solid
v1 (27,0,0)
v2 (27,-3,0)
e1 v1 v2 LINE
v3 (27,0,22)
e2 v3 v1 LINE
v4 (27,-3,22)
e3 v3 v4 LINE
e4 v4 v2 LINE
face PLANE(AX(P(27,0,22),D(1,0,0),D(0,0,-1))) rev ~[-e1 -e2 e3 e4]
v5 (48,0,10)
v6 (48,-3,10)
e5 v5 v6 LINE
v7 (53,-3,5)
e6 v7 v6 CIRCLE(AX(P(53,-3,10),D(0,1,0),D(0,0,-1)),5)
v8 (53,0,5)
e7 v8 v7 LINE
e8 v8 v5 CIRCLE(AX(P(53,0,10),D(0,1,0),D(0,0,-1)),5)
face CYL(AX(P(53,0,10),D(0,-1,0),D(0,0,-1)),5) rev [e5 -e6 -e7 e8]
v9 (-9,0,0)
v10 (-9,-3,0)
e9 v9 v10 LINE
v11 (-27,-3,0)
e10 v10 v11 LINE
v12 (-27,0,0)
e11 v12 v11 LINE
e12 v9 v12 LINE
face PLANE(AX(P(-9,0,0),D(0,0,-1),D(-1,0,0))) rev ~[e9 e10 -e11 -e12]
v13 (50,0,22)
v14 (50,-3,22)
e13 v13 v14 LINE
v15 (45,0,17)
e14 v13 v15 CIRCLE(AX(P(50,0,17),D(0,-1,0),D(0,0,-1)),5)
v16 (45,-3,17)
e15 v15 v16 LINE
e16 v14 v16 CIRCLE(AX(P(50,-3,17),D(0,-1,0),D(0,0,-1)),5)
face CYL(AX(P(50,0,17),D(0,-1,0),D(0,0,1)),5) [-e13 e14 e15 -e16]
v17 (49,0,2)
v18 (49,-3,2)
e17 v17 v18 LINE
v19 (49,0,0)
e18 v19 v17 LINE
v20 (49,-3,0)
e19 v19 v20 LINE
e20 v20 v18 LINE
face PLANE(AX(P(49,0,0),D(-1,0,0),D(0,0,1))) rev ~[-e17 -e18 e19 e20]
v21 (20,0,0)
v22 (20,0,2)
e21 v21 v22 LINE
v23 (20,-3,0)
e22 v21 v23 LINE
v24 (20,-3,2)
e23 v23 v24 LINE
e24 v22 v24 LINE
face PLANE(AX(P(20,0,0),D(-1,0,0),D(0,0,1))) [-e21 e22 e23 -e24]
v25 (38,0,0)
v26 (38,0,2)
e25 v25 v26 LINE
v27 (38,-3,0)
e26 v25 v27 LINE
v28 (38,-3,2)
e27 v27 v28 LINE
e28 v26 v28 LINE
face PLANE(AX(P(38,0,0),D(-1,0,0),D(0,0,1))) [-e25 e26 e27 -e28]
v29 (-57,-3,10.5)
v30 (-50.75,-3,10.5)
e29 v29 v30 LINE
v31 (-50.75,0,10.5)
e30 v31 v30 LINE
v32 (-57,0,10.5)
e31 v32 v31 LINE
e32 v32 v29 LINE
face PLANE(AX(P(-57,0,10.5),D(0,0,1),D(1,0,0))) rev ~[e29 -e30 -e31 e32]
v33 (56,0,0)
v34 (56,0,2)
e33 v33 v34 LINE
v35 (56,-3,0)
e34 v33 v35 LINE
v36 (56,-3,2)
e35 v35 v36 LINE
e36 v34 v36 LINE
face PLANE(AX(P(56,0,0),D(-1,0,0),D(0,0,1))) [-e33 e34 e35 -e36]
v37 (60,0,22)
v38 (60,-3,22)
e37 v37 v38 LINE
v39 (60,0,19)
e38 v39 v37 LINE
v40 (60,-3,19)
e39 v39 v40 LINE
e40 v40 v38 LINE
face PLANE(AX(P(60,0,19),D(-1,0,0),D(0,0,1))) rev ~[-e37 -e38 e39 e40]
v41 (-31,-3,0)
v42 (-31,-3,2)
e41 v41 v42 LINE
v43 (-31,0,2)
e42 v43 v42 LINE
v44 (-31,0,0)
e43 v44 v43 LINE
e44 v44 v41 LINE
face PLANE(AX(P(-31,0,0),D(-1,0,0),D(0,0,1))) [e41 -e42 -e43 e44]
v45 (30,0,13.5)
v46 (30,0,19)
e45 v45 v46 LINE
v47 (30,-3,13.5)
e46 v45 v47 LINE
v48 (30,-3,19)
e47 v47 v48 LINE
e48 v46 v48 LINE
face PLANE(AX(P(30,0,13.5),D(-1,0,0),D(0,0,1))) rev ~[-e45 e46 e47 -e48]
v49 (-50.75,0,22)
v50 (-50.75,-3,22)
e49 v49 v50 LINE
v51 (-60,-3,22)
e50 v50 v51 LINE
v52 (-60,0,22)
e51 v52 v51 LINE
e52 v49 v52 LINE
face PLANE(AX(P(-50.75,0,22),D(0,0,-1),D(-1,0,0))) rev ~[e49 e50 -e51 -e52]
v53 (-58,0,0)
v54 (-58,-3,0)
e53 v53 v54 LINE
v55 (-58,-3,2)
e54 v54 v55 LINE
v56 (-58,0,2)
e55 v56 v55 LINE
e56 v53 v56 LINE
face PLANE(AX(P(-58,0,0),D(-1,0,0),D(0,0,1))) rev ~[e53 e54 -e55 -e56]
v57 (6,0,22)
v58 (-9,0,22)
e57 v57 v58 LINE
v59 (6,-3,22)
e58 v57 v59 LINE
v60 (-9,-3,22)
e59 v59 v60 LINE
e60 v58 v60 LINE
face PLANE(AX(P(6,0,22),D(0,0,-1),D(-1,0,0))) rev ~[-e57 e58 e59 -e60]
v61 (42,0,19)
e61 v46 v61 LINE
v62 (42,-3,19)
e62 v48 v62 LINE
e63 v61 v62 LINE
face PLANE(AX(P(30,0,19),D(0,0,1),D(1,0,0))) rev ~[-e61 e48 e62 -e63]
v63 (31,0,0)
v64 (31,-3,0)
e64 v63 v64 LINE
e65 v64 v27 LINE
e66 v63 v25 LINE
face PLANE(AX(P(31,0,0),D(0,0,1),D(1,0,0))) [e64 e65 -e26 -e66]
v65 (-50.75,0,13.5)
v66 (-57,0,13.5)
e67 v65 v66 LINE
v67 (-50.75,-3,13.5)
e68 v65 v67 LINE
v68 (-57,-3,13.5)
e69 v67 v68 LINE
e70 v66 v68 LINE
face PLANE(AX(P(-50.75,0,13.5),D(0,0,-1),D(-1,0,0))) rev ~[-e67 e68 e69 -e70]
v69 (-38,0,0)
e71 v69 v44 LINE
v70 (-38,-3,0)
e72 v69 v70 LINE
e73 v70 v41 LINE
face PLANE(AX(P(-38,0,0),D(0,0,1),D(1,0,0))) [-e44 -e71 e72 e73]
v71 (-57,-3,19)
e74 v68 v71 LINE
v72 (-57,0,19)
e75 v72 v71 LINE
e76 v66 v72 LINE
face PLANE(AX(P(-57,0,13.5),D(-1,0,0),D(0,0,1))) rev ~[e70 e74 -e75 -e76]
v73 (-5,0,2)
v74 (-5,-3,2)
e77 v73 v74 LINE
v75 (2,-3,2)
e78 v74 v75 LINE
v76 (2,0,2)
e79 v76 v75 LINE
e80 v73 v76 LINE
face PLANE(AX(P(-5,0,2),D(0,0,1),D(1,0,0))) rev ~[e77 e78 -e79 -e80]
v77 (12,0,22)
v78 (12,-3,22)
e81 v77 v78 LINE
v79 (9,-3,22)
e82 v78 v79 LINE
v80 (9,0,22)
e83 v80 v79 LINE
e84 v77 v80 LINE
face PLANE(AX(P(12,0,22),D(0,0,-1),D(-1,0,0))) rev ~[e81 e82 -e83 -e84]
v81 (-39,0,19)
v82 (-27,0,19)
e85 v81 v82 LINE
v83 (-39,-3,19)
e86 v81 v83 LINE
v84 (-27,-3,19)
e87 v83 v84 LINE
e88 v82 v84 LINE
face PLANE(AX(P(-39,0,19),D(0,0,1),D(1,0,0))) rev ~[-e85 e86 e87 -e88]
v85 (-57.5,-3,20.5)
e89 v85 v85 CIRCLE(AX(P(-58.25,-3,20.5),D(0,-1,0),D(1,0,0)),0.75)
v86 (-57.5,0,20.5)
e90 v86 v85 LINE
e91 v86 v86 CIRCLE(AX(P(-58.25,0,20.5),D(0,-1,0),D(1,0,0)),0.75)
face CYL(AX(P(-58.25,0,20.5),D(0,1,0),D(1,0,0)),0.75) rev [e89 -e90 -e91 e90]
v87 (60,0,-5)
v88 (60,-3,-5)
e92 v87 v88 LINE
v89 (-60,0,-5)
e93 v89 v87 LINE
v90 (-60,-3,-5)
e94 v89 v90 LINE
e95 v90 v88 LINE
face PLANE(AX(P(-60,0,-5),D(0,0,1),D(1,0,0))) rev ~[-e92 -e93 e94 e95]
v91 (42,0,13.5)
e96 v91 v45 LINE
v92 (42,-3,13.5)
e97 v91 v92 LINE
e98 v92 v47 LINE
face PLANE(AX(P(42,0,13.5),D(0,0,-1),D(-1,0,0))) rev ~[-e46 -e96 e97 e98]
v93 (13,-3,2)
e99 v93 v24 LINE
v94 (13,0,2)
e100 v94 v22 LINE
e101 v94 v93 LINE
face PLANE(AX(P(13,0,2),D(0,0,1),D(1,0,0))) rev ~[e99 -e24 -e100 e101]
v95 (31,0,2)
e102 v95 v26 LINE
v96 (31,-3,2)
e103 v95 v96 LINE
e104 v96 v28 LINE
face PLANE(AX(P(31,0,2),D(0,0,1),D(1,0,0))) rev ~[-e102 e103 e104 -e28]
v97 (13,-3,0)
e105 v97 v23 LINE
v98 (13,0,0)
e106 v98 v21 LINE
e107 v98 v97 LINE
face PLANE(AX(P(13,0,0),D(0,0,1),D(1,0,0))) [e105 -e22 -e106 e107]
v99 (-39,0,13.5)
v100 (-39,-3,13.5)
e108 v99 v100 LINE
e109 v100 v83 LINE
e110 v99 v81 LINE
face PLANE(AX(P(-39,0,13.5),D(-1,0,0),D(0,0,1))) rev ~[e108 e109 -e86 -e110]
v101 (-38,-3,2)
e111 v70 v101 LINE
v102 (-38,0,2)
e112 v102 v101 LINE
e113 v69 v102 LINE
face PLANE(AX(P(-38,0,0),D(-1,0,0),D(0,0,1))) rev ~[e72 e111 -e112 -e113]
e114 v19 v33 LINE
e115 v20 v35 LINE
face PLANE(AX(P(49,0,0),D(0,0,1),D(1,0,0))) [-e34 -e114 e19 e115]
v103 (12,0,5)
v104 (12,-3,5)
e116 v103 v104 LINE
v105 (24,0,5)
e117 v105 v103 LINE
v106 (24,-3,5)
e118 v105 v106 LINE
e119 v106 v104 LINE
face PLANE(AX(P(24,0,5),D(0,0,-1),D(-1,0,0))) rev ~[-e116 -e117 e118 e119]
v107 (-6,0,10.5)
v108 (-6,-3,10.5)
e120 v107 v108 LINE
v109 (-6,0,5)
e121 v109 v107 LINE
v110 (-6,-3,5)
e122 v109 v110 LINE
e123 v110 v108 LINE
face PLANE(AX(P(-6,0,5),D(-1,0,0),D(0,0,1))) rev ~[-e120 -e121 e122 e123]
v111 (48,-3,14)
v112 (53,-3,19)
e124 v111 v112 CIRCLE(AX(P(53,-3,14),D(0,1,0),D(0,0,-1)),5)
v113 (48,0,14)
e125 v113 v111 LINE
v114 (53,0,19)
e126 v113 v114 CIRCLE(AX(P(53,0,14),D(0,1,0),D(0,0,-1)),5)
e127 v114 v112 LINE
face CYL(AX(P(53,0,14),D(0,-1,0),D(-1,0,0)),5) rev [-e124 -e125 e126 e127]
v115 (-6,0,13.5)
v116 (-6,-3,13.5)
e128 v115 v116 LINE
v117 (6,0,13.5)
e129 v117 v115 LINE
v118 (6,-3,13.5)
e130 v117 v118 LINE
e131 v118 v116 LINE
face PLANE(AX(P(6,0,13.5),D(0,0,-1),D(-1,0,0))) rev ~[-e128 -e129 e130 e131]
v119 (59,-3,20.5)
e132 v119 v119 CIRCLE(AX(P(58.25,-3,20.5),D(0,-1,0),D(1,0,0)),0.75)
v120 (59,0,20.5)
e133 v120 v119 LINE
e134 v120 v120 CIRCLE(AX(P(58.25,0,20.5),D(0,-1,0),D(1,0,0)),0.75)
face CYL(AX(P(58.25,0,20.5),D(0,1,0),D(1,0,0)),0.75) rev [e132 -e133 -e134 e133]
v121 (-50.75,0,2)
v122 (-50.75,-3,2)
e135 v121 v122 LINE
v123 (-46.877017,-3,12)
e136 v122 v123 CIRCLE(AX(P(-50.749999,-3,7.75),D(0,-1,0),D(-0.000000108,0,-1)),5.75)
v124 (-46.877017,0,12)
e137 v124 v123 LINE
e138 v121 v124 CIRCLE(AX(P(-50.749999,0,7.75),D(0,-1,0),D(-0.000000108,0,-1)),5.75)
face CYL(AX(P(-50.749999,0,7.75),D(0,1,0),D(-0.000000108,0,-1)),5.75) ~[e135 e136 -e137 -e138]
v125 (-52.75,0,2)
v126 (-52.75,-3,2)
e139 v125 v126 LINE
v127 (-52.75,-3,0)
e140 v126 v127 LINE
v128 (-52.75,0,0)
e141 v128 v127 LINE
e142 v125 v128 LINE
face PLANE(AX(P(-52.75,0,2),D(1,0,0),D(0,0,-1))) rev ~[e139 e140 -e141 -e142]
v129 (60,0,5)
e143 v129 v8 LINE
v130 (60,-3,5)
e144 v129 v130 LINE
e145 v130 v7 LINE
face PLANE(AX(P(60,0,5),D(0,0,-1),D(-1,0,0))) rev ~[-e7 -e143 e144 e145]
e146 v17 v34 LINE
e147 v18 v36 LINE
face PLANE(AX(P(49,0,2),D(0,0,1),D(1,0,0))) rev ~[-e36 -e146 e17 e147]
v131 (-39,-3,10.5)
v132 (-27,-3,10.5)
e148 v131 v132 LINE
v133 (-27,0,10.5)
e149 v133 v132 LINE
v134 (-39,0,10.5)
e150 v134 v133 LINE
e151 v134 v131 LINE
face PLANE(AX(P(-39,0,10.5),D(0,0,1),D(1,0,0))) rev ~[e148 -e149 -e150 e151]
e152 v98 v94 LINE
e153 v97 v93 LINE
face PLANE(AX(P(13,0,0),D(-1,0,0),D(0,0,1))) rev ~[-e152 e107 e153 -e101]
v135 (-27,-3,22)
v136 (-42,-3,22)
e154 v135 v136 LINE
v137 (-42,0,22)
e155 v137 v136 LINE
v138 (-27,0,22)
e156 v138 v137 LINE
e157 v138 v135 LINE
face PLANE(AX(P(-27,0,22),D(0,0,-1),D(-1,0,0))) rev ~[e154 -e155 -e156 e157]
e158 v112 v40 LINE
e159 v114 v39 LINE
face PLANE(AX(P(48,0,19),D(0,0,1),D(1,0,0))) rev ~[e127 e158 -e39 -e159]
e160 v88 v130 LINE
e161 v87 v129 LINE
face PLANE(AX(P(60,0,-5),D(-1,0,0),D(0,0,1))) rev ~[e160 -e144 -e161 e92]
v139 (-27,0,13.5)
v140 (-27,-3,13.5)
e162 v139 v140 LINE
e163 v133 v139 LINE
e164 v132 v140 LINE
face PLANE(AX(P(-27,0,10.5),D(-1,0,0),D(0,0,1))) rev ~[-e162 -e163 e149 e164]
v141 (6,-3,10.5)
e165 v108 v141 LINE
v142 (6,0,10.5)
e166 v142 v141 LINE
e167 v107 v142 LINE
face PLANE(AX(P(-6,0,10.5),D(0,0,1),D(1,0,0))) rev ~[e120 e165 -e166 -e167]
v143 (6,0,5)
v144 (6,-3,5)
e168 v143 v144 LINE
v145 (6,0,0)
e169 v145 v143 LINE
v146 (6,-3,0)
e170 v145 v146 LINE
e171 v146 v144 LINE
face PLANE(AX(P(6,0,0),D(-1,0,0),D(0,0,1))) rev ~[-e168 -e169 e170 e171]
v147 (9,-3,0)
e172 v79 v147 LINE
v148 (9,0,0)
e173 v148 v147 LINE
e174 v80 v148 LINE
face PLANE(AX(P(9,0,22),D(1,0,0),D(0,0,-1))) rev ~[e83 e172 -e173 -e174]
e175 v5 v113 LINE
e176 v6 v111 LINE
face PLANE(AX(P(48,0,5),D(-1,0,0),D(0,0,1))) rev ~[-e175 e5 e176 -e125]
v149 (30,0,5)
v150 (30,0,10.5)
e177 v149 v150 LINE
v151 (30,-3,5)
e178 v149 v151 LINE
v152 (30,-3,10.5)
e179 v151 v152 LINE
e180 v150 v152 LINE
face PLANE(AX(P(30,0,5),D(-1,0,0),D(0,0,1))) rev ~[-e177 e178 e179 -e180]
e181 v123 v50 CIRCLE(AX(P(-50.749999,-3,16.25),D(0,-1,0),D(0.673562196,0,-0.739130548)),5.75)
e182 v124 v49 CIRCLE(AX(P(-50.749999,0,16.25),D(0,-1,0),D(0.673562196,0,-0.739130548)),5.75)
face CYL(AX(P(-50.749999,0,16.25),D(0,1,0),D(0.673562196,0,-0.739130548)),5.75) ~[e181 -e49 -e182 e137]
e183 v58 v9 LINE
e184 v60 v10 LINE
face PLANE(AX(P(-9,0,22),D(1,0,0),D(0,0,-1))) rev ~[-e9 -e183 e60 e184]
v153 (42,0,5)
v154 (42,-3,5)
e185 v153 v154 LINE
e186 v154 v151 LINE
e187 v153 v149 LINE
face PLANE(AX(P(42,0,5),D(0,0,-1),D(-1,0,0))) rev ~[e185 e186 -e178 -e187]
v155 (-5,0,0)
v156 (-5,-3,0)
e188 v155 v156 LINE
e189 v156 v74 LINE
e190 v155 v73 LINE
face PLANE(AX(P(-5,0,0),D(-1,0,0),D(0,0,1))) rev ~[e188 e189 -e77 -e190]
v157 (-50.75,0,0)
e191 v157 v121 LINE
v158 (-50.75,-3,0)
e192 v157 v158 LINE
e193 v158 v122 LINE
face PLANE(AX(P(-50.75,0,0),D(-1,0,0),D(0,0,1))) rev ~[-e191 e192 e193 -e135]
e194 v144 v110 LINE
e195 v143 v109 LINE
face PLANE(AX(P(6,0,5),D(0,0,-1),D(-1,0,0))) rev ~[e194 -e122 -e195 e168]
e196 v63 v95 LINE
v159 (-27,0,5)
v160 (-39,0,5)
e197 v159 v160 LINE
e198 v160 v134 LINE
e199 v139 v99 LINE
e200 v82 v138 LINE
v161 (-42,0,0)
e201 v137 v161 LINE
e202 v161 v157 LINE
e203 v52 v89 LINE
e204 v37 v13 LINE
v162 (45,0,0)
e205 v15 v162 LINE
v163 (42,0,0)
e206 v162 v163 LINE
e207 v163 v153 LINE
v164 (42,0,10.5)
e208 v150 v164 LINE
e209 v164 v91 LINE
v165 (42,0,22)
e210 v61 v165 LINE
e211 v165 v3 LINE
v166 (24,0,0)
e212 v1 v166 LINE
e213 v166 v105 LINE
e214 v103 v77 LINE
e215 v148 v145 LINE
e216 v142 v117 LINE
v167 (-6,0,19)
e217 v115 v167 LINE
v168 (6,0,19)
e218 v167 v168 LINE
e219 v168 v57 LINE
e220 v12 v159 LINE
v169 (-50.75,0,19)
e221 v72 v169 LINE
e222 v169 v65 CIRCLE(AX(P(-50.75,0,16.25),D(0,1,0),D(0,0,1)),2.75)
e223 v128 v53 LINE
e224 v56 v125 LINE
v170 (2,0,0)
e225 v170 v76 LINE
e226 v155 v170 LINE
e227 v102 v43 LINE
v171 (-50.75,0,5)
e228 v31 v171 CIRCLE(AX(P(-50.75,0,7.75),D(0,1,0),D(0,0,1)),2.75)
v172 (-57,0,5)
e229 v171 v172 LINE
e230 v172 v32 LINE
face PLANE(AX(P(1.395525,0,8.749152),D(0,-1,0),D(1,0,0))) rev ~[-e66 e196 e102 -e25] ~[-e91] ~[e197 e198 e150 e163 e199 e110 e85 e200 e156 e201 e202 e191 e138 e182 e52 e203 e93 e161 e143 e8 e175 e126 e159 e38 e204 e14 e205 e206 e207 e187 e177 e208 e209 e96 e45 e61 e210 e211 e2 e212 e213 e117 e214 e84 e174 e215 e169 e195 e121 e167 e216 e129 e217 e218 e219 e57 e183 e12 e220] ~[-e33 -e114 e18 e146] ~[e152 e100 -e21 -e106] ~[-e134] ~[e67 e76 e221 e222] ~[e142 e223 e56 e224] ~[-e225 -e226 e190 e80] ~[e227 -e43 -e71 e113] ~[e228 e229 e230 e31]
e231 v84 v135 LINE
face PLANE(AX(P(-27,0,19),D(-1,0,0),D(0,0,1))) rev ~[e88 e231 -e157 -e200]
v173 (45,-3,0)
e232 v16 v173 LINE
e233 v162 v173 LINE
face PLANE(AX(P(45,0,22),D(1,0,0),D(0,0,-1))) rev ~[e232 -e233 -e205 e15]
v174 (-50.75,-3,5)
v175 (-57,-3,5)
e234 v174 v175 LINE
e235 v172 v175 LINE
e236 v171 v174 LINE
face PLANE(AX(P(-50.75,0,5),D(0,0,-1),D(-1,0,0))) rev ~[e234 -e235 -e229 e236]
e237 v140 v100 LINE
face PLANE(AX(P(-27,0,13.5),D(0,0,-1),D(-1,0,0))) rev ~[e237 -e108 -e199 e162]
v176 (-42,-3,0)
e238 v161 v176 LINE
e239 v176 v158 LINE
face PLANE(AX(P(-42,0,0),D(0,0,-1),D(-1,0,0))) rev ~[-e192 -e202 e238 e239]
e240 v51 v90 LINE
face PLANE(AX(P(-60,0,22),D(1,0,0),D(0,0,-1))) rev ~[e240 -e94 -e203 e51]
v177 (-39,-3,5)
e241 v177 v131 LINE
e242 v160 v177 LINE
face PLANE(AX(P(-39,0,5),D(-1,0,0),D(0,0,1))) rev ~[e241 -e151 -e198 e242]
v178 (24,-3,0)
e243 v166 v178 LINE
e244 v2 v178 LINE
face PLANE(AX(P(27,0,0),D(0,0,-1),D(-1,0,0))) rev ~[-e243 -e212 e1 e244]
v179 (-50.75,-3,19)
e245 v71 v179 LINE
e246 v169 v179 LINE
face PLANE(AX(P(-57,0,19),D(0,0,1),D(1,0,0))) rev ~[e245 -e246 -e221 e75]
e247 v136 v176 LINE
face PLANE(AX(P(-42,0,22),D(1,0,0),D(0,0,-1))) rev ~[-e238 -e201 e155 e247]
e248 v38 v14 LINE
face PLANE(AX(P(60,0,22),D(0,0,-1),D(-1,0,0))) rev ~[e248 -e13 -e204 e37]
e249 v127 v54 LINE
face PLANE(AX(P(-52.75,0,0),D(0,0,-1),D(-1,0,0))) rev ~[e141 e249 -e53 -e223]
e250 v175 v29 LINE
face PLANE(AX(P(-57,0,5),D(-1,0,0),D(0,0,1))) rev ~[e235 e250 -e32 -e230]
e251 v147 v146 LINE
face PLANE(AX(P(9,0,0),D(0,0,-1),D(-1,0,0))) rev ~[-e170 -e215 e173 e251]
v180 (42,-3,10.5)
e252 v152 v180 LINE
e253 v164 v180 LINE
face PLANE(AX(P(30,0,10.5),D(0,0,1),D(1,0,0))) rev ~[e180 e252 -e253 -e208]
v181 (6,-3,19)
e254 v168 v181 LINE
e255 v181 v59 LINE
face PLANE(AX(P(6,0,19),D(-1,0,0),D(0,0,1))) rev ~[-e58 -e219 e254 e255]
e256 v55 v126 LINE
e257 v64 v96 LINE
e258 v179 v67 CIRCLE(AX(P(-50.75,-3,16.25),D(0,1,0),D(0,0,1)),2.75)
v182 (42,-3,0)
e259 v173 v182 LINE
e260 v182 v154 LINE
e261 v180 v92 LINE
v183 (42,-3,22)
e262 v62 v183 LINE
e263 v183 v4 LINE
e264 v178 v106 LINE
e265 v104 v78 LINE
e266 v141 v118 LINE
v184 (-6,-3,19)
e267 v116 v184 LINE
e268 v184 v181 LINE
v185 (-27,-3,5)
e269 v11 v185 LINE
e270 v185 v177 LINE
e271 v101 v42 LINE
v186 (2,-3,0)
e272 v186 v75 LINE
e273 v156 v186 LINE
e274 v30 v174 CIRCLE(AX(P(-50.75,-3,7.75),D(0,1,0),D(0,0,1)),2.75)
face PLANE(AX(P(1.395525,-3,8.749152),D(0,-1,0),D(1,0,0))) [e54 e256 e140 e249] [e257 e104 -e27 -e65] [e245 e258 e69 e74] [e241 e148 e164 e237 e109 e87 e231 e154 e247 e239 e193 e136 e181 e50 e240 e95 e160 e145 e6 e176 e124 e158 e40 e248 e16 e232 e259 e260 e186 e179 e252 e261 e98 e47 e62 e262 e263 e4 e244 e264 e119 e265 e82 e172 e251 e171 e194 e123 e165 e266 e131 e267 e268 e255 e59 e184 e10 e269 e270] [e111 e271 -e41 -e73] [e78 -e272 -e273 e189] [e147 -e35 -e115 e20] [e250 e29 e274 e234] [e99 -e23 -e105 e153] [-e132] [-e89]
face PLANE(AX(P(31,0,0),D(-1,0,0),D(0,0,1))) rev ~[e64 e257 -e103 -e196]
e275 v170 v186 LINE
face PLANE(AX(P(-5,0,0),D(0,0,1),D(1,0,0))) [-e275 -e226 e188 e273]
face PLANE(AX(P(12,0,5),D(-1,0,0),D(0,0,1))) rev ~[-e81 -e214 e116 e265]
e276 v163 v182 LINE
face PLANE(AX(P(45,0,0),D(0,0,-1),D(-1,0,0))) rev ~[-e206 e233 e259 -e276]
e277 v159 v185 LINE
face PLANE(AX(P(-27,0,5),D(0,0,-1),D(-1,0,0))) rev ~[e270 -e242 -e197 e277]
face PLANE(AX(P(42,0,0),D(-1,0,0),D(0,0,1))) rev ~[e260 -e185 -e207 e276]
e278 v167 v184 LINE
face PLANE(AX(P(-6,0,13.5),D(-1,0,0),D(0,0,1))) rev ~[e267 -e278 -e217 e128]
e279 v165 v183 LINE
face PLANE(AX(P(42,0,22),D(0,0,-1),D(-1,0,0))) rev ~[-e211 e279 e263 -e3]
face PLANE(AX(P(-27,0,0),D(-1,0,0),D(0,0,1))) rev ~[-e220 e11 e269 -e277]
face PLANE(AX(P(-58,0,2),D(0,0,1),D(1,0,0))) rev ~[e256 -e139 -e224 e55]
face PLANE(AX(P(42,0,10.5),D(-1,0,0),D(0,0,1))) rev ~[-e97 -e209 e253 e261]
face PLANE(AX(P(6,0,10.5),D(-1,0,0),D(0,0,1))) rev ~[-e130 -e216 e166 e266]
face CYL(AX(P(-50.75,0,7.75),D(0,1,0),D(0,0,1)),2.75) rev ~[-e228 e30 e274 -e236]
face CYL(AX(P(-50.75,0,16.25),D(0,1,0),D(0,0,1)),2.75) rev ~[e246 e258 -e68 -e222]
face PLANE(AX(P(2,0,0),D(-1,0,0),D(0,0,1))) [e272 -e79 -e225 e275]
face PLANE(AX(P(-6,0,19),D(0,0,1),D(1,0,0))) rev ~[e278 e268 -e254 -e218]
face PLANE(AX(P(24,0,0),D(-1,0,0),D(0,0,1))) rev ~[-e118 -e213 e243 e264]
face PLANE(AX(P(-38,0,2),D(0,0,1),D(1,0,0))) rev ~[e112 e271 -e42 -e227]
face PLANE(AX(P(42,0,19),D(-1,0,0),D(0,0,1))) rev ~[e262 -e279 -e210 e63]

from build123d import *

# Parameters (mm, degrees)
F0_W     = 7
F0_H     = 2
F0_R     = 0.75
F1_DEPTH = 3
F2_R     = 5


with BuildPart() as f1:
    # F0 (on Front) → F1 (new body)
    with BuildSketch(Plane.XZ):
        with BuildLine():
            Line((-60, 0), (-60, -5))
            Line((-60, -5), (60, -5))
            Line((60, -5), (60, 0))
            Line((60, 0), (60, 2))
            Line((60, 2), (60, 5))
            Line((60, 5), (48, 5))
            Line((48, 5), (48, 6.289098))
            Line((48, 6.289098), (48, 9.289098))
            Line((48, 9.289098), (48, 19))
            Line((48, 19), (60, 19))
            Line((60, 19), (60, 22))
            Line((60, 22), (48, 22))
            Line((48, 22), (45, 22))
            Line((45, 22), (45, 2))
            Line((45, 2), (45, 0))
            Line((45, 0), (42, 0))
            Line((42, 0), (42, 2))
            Line((42, 2), (42, 5))
            Line((42, 5), (30, 5))
            Line((30, 5), (30, 10.5))
            Line((30, 10.5), (42, 10.5))
            Line((42, 10.5), (42, 13.5))
            Line((42, 13.5), (30, 13.5))
            Line((30, 13.5), (30, 19))
            Line((30, 19), (42, 19))
            Line((42, 19), (42, 22))
            Line((42, 22), (30, 22))
            Line((30, 22), (27, 22))
            Line((27, 22), (27, 2))
            Line((27, 2), (27, 0))
            Line((27, 0), (24, 0))
            Line((24, 0), (24, 2))
            Line((24, 2), (24, 5))
            Line((24, 5), (12, 5))
            Line((12, 5), (12, 10.5))
            Line((12, 10.5), (12, 13.5))
            Line((12, 13.5), (12, 19))
            Line((12, 19), (12, 22))
            Line((12, 22), (9, 22))
            Line((9, 22), (9, 2))
            Line((9, 2), (9, 0))
            Line((9, 0), (6, 0))
            Line((6, 0), (6, 2))
            Line((6, 2), (6, 5))
            Line((6, 5), (-6, 5))
            Line((-6, 5), (-6, 10.5))
            Line((-6, 10.5), (6, 10.5))
            Line((6, 10.5), (6, 13.5))
            Line((6, 13.5), (-6, 13.5))
            Line((-6, 13.5), (-6, 19))
            Line((-6, 19), (6, 19))
            Line((6, 19), (6, 22))
            Line((6, 22), (-6, 22))
            Line((-6, 22), (-9, 22))
            Line((-9, 22), (-9, 2))
            Line((-9, 2), (-9, 0))
            Line((-9, 0), (-27, 0))
            Line((-27, 0), (-27, 2))
            Line((-27, 2), (-27, 5))
            Line((-27, 5), (-39, 5))
            Line((-39, 5), (-39, 10.5))
            Line((-39, 10.5), (-27, 10.5))
            Line((-27, 10.5), (-27, 13.5))
            Line((-27, 13.5), (-39, 13.5))
            Line((-39, 13.5), (-39, 19))
            Line((-39, 19), (-27, 19))
            Line((-27, 19), (-27, 22))
            Line((-27, 22), (-39, 22))
            Line((-39, 22), (-42, 22))
            Line((-42, 22), (-42, 2))
            Line((-42, 2), (-42, 0))
            Line((-42, 0), (-43.5, 0))
            Line((-43.5, 0), (-45, 0))
            Line((-45, 0), (-49, 0))
            Line((-49, 0), (-50.75, 0))
            Line((-50.75, 0), (-50.75, 2))
            ThreePointArc((-50.75, 2), (-45.388097, 5.673344), (-46.877017, 12))
            ThreePointArc((-46.877017, 12), (-45.388097, 18.326656), (-50.75, 22))
            Line((-50.75, 22), (-60, 22))
            Line((-60, 22), (-60, 2))
            Line((-60, 2), (-60, 0))
        make_face()
        Polygon((-52.75, 0), (-56, 0), (-58, 0), (-58, 2), (-56, 2), (-52.75, 2), align=None, mode=Mode.SUBTRACT)
        with Locations((-34.5, 1)):
            Rectangle(F0_W, F0_H, mode=Mode.SUBTRACT)
        with Locations((-1.5, 1)):
            Rectangle(F0_W, F0_H, mode=Mode.SUBTRACT)
        with BuildLine():
            Line((-57, 10.5), (-50.75, 10.5))
            ThreePointArc((-50.75, 10.5), (-48, 7.75), (-50.75, 5))
            Line((-50.75, 5), (-57, 5))
            Line((-57, 5), (-57, 10.5))
        make_face(mode=Mode.SUBTRACT)
        with Locations((16.5, 1)):
            Rectangle(F0_W, F0_H, mode=Mode.SUBTRACT)
        with Locations((34.5, 1)):
            Rectangle(F0_W, F0_H, mode=Mode.SUBTRACT)
        with Locations((52.5, 1)):
            Rectangle(F0_W, F0_H, mode=Mode.SUBTRACT)
        with BuildLine():
            Line((-57, 19), (-50.75, 19))
            ThreePointArc((-50.75, 19), (-48, 16.25), (-50.75, 13.5))
            Line((-50.75, 13.5), (-57, 13.5))
            Line((-57, 13.5), (-57, 19))
        make_face(mode=Mode.SUBTRACT)
        with Locations((-58.25, 20.5)):
            Circle(F0_R, mode=Mode.SUBTRACT)
        with Locations((58.25, 20.5)):
            Circle(F0_R, mode=Mode.SUBTRACT)
    extrude(amount=F1_DEPTH)

    # F2
    f2_edges = [f1.edges().sort_by_distance(p)[0] for p in [
        (48, -1.5, 19),
        (48, -1.5, 5),
        (45, -1.5, 22),
    ]]
    fillet(f2_edges, radius=F2_R)


solid = f1.part
